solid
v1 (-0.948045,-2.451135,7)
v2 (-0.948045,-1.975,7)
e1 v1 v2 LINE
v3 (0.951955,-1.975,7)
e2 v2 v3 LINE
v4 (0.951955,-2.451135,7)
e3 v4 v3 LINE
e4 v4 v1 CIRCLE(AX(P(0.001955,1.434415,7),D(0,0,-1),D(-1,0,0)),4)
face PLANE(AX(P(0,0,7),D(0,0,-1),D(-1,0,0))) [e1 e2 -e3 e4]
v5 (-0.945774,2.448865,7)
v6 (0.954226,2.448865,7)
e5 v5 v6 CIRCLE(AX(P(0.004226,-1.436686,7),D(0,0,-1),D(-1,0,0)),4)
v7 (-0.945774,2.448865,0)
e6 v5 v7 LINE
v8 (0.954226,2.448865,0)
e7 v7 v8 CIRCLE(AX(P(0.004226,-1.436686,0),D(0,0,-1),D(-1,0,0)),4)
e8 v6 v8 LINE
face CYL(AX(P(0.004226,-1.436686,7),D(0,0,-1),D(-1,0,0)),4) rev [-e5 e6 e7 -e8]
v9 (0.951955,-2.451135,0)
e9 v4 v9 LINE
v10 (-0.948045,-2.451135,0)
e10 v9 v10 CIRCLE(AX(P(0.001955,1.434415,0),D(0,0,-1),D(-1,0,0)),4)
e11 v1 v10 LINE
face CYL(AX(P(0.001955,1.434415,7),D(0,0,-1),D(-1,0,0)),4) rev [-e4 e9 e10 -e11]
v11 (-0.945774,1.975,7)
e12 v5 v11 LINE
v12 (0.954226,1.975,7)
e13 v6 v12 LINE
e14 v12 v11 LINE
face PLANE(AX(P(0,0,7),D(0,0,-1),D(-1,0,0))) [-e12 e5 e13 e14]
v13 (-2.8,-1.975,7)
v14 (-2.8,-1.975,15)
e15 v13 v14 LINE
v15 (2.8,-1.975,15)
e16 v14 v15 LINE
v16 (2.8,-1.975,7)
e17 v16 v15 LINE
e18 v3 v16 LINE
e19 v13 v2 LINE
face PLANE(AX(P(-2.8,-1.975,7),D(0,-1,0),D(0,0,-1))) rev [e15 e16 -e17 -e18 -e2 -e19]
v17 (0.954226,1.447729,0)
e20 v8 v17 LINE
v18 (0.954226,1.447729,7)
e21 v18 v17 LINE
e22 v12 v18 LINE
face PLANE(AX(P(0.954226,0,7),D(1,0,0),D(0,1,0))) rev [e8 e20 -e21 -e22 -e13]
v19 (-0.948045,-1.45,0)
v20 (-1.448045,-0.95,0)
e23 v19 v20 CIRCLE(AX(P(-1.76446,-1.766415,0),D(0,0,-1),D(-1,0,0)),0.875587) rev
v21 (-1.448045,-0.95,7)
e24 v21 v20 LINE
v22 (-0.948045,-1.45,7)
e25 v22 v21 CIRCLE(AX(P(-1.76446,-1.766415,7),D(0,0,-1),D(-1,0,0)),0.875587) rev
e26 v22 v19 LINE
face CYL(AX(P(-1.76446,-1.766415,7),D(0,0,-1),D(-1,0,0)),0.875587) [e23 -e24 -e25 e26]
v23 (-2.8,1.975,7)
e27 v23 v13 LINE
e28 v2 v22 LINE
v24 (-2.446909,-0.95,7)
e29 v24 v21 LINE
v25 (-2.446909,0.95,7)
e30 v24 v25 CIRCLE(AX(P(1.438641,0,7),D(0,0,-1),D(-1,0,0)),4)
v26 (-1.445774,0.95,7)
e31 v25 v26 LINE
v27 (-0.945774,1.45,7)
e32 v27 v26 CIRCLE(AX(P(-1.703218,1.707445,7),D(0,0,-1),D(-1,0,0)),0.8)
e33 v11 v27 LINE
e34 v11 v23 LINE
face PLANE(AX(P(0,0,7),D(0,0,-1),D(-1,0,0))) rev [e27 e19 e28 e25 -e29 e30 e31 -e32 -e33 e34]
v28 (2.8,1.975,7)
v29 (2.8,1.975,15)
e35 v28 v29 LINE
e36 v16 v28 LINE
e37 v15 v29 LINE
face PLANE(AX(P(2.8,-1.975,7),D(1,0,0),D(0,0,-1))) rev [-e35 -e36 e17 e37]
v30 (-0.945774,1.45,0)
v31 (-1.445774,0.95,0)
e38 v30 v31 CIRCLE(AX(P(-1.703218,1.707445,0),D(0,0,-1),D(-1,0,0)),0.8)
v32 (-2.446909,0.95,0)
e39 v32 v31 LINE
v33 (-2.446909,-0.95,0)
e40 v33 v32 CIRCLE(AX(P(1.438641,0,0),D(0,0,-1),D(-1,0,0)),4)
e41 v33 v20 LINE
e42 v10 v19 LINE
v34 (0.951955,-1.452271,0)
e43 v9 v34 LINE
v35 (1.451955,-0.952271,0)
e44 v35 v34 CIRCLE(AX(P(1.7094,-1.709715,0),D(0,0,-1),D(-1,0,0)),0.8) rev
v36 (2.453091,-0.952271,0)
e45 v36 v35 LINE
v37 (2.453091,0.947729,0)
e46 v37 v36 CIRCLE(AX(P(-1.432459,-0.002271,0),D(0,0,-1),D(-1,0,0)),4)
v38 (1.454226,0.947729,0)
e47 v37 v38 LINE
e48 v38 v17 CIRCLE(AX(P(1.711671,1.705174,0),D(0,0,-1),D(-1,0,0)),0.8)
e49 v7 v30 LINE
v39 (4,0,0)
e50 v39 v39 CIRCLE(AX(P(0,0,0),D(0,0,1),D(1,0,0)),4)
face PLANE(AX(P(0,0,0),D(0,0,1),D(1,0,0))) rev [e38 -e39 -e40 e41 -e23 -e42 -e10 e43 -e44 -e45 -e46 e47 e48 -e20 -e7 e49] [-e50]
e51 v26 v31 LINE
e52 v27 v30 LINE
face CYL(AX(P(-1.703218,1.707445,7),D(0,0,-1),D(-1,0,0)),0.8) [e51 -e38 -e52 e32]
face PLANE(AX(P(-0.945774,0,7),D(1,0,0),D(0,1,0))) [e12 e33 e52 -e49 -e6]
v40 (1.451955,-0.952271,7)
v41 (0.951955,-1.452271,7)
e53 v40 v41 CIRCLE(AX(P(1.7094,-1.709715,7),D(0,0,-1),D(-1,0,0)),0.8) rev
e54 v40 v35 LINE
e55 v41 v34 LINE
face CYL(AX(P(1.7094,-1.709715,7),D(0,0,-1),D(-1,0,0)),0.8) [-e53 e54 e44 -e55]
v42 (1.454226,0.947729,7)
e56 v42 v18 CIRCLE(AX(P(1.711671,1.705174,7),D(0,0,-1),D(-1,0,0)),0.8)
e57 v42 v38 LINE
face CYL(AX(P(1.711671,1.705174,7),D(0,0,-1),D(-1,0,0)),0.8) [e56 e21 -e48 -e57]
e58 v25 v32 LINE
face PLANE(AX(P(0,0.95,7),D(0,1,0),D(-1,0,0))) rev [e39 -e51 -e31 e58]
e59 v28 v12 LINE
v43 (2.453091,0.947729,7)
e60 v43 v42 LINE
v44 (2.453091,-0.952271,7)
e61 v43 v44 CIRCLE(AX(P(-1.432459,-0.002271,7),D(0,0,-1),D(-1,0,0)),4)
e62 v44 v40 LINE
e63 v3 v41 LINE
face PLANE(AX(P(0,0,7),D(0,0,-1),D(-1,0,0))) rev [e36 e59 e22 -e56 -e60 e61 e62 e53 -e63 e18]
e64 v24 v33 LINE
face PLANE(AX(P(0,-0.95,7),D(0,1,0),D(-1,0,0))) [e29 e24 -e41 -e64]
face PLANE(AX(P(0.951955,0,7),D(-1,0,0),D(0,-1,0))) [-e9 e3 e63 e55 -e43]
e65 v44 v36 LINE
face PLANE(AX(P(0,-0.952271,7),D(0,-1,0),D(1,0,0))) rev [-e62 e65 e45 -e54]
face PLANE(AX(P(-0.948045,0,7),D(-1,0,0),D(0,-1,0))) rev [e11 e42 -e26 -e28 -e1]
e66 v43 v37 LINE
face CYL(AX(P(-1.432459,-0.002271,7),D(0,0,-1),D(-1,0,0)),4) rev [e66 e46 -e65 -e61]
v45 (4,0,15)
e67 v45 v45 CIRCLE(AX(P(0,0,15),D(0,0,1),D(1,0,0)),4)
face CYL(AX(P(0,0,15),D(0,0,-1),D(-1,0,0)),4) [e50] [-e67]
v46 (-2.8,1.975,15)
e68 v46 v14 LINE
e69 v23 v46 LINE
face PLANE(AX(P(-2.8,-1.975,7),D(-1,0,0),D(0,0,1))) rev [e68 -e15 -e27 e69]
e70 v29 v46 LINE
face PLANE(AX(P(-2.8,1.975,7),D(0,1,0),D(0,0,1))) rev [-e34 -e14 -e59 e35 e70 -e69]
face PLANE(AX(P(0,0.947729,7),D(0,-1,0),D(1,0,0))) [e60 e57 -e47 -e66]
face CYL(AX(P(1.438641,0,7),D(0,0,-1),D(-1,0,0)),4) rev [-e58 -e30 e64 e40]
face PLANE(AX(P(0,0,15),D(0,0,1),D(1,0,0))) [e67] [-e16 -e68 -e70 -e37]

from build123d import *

# Parameters (mm, degrees)
SKETCH1_R           = 4
BOSS_EXTRUDE1_DEPTH = 15
SKETCH2_W           = 5.6
SKETCH2_H           = 3.95
CUT_EXTRUDE1_DEPTH  = 8
CUT_EXTRUDE2_DEPTH  = 7


with BuildPart() as part:
    # Sketch1 → Boss-Extrude1 (new body)
    with BuildSketch(Plane.XY):
        Circle(SKETCH1_R)
    extrude(amount=BOSS_EXTRUDE1_DEPTH)

    # Sketch2 → Cut-Extrude1 (cut)
    with BuildSketch(Plane.XY.offset(15)):
        Rectangle(SKETCH2_W, SKETCH2_H)
    extrude(amount=-CUT_EXTRUDE1_DEPTH, mode=Mode.SUBTRACT)

    # Sketch3 → Cut-Extrude2 (cut)
    with BuildSketch(Plane(origin=(0, 0, 0), x_dir=(-1, 0, 0), z_dir=(0, 0, -1))):
        with BuildLine():
            Line((0.948044642, -2.451135369), (0.948044642, -1.45))
            ThreePointArc((0.948044642, -1.45), (1.145326424, -1.147281782), (1.448044642, -0.95))
            Line((1.448044642, -0.95), (2.446909273, -0.95))
            ThreePointArc((2.446909273, -0.95), (2.561359119, 0), (2.446909273, 0.95))
            Line((2.446909273, 0.95), (1.445773904, 0.95))
            ThreePointArc((1.445773904, 0.95), (1.137533058, 1.141759153), (0.945773904, 1.45))
            Line((0.945773904, 1.45), (0.945773904, 2.448864631))
            ThreePointArc((0.945773904, 2.448864631), (-0.004226096, 2.563314477), (-0.954226096, 2.448864631))
            Line((-0.954226096, 2.448864631), (-0.954226096, 1.447729262))
            ThreePointArc((-0.954226096, 1.447729262), (-1.145985249, 1.139488415), (-1.454226096, 0.947729262))
            Line((-1.454226096, 0.947729262), (-2.453090727, 0.947729262))
            ThreePointArc((-2.453090727, 0.947729262), (-2.567540573, -0.002270738), (-2.453090727, -0.952270738))
            Line((-2.453090727, -0.952270738), (-1.451955358, -0.952270738))
            ThreePointArc((-1.451955358, -0.952270738), (-1.143714511, -1.144029891), (-0.951955358, -1.452270738))
            Line((-0.951955358, -1.452270738), (-0.951955358, -2.451135369))
            ThreePointArc((-0.951955358, -2.451135369), (-0.001955358, -2.565585215), (0.948044642, -2.451135369))
        make_face()
    extrude(amount=-CUT_EXTRUDE2_DEPTH, mode=Mode.SUBTRACT)


solid = part.part
